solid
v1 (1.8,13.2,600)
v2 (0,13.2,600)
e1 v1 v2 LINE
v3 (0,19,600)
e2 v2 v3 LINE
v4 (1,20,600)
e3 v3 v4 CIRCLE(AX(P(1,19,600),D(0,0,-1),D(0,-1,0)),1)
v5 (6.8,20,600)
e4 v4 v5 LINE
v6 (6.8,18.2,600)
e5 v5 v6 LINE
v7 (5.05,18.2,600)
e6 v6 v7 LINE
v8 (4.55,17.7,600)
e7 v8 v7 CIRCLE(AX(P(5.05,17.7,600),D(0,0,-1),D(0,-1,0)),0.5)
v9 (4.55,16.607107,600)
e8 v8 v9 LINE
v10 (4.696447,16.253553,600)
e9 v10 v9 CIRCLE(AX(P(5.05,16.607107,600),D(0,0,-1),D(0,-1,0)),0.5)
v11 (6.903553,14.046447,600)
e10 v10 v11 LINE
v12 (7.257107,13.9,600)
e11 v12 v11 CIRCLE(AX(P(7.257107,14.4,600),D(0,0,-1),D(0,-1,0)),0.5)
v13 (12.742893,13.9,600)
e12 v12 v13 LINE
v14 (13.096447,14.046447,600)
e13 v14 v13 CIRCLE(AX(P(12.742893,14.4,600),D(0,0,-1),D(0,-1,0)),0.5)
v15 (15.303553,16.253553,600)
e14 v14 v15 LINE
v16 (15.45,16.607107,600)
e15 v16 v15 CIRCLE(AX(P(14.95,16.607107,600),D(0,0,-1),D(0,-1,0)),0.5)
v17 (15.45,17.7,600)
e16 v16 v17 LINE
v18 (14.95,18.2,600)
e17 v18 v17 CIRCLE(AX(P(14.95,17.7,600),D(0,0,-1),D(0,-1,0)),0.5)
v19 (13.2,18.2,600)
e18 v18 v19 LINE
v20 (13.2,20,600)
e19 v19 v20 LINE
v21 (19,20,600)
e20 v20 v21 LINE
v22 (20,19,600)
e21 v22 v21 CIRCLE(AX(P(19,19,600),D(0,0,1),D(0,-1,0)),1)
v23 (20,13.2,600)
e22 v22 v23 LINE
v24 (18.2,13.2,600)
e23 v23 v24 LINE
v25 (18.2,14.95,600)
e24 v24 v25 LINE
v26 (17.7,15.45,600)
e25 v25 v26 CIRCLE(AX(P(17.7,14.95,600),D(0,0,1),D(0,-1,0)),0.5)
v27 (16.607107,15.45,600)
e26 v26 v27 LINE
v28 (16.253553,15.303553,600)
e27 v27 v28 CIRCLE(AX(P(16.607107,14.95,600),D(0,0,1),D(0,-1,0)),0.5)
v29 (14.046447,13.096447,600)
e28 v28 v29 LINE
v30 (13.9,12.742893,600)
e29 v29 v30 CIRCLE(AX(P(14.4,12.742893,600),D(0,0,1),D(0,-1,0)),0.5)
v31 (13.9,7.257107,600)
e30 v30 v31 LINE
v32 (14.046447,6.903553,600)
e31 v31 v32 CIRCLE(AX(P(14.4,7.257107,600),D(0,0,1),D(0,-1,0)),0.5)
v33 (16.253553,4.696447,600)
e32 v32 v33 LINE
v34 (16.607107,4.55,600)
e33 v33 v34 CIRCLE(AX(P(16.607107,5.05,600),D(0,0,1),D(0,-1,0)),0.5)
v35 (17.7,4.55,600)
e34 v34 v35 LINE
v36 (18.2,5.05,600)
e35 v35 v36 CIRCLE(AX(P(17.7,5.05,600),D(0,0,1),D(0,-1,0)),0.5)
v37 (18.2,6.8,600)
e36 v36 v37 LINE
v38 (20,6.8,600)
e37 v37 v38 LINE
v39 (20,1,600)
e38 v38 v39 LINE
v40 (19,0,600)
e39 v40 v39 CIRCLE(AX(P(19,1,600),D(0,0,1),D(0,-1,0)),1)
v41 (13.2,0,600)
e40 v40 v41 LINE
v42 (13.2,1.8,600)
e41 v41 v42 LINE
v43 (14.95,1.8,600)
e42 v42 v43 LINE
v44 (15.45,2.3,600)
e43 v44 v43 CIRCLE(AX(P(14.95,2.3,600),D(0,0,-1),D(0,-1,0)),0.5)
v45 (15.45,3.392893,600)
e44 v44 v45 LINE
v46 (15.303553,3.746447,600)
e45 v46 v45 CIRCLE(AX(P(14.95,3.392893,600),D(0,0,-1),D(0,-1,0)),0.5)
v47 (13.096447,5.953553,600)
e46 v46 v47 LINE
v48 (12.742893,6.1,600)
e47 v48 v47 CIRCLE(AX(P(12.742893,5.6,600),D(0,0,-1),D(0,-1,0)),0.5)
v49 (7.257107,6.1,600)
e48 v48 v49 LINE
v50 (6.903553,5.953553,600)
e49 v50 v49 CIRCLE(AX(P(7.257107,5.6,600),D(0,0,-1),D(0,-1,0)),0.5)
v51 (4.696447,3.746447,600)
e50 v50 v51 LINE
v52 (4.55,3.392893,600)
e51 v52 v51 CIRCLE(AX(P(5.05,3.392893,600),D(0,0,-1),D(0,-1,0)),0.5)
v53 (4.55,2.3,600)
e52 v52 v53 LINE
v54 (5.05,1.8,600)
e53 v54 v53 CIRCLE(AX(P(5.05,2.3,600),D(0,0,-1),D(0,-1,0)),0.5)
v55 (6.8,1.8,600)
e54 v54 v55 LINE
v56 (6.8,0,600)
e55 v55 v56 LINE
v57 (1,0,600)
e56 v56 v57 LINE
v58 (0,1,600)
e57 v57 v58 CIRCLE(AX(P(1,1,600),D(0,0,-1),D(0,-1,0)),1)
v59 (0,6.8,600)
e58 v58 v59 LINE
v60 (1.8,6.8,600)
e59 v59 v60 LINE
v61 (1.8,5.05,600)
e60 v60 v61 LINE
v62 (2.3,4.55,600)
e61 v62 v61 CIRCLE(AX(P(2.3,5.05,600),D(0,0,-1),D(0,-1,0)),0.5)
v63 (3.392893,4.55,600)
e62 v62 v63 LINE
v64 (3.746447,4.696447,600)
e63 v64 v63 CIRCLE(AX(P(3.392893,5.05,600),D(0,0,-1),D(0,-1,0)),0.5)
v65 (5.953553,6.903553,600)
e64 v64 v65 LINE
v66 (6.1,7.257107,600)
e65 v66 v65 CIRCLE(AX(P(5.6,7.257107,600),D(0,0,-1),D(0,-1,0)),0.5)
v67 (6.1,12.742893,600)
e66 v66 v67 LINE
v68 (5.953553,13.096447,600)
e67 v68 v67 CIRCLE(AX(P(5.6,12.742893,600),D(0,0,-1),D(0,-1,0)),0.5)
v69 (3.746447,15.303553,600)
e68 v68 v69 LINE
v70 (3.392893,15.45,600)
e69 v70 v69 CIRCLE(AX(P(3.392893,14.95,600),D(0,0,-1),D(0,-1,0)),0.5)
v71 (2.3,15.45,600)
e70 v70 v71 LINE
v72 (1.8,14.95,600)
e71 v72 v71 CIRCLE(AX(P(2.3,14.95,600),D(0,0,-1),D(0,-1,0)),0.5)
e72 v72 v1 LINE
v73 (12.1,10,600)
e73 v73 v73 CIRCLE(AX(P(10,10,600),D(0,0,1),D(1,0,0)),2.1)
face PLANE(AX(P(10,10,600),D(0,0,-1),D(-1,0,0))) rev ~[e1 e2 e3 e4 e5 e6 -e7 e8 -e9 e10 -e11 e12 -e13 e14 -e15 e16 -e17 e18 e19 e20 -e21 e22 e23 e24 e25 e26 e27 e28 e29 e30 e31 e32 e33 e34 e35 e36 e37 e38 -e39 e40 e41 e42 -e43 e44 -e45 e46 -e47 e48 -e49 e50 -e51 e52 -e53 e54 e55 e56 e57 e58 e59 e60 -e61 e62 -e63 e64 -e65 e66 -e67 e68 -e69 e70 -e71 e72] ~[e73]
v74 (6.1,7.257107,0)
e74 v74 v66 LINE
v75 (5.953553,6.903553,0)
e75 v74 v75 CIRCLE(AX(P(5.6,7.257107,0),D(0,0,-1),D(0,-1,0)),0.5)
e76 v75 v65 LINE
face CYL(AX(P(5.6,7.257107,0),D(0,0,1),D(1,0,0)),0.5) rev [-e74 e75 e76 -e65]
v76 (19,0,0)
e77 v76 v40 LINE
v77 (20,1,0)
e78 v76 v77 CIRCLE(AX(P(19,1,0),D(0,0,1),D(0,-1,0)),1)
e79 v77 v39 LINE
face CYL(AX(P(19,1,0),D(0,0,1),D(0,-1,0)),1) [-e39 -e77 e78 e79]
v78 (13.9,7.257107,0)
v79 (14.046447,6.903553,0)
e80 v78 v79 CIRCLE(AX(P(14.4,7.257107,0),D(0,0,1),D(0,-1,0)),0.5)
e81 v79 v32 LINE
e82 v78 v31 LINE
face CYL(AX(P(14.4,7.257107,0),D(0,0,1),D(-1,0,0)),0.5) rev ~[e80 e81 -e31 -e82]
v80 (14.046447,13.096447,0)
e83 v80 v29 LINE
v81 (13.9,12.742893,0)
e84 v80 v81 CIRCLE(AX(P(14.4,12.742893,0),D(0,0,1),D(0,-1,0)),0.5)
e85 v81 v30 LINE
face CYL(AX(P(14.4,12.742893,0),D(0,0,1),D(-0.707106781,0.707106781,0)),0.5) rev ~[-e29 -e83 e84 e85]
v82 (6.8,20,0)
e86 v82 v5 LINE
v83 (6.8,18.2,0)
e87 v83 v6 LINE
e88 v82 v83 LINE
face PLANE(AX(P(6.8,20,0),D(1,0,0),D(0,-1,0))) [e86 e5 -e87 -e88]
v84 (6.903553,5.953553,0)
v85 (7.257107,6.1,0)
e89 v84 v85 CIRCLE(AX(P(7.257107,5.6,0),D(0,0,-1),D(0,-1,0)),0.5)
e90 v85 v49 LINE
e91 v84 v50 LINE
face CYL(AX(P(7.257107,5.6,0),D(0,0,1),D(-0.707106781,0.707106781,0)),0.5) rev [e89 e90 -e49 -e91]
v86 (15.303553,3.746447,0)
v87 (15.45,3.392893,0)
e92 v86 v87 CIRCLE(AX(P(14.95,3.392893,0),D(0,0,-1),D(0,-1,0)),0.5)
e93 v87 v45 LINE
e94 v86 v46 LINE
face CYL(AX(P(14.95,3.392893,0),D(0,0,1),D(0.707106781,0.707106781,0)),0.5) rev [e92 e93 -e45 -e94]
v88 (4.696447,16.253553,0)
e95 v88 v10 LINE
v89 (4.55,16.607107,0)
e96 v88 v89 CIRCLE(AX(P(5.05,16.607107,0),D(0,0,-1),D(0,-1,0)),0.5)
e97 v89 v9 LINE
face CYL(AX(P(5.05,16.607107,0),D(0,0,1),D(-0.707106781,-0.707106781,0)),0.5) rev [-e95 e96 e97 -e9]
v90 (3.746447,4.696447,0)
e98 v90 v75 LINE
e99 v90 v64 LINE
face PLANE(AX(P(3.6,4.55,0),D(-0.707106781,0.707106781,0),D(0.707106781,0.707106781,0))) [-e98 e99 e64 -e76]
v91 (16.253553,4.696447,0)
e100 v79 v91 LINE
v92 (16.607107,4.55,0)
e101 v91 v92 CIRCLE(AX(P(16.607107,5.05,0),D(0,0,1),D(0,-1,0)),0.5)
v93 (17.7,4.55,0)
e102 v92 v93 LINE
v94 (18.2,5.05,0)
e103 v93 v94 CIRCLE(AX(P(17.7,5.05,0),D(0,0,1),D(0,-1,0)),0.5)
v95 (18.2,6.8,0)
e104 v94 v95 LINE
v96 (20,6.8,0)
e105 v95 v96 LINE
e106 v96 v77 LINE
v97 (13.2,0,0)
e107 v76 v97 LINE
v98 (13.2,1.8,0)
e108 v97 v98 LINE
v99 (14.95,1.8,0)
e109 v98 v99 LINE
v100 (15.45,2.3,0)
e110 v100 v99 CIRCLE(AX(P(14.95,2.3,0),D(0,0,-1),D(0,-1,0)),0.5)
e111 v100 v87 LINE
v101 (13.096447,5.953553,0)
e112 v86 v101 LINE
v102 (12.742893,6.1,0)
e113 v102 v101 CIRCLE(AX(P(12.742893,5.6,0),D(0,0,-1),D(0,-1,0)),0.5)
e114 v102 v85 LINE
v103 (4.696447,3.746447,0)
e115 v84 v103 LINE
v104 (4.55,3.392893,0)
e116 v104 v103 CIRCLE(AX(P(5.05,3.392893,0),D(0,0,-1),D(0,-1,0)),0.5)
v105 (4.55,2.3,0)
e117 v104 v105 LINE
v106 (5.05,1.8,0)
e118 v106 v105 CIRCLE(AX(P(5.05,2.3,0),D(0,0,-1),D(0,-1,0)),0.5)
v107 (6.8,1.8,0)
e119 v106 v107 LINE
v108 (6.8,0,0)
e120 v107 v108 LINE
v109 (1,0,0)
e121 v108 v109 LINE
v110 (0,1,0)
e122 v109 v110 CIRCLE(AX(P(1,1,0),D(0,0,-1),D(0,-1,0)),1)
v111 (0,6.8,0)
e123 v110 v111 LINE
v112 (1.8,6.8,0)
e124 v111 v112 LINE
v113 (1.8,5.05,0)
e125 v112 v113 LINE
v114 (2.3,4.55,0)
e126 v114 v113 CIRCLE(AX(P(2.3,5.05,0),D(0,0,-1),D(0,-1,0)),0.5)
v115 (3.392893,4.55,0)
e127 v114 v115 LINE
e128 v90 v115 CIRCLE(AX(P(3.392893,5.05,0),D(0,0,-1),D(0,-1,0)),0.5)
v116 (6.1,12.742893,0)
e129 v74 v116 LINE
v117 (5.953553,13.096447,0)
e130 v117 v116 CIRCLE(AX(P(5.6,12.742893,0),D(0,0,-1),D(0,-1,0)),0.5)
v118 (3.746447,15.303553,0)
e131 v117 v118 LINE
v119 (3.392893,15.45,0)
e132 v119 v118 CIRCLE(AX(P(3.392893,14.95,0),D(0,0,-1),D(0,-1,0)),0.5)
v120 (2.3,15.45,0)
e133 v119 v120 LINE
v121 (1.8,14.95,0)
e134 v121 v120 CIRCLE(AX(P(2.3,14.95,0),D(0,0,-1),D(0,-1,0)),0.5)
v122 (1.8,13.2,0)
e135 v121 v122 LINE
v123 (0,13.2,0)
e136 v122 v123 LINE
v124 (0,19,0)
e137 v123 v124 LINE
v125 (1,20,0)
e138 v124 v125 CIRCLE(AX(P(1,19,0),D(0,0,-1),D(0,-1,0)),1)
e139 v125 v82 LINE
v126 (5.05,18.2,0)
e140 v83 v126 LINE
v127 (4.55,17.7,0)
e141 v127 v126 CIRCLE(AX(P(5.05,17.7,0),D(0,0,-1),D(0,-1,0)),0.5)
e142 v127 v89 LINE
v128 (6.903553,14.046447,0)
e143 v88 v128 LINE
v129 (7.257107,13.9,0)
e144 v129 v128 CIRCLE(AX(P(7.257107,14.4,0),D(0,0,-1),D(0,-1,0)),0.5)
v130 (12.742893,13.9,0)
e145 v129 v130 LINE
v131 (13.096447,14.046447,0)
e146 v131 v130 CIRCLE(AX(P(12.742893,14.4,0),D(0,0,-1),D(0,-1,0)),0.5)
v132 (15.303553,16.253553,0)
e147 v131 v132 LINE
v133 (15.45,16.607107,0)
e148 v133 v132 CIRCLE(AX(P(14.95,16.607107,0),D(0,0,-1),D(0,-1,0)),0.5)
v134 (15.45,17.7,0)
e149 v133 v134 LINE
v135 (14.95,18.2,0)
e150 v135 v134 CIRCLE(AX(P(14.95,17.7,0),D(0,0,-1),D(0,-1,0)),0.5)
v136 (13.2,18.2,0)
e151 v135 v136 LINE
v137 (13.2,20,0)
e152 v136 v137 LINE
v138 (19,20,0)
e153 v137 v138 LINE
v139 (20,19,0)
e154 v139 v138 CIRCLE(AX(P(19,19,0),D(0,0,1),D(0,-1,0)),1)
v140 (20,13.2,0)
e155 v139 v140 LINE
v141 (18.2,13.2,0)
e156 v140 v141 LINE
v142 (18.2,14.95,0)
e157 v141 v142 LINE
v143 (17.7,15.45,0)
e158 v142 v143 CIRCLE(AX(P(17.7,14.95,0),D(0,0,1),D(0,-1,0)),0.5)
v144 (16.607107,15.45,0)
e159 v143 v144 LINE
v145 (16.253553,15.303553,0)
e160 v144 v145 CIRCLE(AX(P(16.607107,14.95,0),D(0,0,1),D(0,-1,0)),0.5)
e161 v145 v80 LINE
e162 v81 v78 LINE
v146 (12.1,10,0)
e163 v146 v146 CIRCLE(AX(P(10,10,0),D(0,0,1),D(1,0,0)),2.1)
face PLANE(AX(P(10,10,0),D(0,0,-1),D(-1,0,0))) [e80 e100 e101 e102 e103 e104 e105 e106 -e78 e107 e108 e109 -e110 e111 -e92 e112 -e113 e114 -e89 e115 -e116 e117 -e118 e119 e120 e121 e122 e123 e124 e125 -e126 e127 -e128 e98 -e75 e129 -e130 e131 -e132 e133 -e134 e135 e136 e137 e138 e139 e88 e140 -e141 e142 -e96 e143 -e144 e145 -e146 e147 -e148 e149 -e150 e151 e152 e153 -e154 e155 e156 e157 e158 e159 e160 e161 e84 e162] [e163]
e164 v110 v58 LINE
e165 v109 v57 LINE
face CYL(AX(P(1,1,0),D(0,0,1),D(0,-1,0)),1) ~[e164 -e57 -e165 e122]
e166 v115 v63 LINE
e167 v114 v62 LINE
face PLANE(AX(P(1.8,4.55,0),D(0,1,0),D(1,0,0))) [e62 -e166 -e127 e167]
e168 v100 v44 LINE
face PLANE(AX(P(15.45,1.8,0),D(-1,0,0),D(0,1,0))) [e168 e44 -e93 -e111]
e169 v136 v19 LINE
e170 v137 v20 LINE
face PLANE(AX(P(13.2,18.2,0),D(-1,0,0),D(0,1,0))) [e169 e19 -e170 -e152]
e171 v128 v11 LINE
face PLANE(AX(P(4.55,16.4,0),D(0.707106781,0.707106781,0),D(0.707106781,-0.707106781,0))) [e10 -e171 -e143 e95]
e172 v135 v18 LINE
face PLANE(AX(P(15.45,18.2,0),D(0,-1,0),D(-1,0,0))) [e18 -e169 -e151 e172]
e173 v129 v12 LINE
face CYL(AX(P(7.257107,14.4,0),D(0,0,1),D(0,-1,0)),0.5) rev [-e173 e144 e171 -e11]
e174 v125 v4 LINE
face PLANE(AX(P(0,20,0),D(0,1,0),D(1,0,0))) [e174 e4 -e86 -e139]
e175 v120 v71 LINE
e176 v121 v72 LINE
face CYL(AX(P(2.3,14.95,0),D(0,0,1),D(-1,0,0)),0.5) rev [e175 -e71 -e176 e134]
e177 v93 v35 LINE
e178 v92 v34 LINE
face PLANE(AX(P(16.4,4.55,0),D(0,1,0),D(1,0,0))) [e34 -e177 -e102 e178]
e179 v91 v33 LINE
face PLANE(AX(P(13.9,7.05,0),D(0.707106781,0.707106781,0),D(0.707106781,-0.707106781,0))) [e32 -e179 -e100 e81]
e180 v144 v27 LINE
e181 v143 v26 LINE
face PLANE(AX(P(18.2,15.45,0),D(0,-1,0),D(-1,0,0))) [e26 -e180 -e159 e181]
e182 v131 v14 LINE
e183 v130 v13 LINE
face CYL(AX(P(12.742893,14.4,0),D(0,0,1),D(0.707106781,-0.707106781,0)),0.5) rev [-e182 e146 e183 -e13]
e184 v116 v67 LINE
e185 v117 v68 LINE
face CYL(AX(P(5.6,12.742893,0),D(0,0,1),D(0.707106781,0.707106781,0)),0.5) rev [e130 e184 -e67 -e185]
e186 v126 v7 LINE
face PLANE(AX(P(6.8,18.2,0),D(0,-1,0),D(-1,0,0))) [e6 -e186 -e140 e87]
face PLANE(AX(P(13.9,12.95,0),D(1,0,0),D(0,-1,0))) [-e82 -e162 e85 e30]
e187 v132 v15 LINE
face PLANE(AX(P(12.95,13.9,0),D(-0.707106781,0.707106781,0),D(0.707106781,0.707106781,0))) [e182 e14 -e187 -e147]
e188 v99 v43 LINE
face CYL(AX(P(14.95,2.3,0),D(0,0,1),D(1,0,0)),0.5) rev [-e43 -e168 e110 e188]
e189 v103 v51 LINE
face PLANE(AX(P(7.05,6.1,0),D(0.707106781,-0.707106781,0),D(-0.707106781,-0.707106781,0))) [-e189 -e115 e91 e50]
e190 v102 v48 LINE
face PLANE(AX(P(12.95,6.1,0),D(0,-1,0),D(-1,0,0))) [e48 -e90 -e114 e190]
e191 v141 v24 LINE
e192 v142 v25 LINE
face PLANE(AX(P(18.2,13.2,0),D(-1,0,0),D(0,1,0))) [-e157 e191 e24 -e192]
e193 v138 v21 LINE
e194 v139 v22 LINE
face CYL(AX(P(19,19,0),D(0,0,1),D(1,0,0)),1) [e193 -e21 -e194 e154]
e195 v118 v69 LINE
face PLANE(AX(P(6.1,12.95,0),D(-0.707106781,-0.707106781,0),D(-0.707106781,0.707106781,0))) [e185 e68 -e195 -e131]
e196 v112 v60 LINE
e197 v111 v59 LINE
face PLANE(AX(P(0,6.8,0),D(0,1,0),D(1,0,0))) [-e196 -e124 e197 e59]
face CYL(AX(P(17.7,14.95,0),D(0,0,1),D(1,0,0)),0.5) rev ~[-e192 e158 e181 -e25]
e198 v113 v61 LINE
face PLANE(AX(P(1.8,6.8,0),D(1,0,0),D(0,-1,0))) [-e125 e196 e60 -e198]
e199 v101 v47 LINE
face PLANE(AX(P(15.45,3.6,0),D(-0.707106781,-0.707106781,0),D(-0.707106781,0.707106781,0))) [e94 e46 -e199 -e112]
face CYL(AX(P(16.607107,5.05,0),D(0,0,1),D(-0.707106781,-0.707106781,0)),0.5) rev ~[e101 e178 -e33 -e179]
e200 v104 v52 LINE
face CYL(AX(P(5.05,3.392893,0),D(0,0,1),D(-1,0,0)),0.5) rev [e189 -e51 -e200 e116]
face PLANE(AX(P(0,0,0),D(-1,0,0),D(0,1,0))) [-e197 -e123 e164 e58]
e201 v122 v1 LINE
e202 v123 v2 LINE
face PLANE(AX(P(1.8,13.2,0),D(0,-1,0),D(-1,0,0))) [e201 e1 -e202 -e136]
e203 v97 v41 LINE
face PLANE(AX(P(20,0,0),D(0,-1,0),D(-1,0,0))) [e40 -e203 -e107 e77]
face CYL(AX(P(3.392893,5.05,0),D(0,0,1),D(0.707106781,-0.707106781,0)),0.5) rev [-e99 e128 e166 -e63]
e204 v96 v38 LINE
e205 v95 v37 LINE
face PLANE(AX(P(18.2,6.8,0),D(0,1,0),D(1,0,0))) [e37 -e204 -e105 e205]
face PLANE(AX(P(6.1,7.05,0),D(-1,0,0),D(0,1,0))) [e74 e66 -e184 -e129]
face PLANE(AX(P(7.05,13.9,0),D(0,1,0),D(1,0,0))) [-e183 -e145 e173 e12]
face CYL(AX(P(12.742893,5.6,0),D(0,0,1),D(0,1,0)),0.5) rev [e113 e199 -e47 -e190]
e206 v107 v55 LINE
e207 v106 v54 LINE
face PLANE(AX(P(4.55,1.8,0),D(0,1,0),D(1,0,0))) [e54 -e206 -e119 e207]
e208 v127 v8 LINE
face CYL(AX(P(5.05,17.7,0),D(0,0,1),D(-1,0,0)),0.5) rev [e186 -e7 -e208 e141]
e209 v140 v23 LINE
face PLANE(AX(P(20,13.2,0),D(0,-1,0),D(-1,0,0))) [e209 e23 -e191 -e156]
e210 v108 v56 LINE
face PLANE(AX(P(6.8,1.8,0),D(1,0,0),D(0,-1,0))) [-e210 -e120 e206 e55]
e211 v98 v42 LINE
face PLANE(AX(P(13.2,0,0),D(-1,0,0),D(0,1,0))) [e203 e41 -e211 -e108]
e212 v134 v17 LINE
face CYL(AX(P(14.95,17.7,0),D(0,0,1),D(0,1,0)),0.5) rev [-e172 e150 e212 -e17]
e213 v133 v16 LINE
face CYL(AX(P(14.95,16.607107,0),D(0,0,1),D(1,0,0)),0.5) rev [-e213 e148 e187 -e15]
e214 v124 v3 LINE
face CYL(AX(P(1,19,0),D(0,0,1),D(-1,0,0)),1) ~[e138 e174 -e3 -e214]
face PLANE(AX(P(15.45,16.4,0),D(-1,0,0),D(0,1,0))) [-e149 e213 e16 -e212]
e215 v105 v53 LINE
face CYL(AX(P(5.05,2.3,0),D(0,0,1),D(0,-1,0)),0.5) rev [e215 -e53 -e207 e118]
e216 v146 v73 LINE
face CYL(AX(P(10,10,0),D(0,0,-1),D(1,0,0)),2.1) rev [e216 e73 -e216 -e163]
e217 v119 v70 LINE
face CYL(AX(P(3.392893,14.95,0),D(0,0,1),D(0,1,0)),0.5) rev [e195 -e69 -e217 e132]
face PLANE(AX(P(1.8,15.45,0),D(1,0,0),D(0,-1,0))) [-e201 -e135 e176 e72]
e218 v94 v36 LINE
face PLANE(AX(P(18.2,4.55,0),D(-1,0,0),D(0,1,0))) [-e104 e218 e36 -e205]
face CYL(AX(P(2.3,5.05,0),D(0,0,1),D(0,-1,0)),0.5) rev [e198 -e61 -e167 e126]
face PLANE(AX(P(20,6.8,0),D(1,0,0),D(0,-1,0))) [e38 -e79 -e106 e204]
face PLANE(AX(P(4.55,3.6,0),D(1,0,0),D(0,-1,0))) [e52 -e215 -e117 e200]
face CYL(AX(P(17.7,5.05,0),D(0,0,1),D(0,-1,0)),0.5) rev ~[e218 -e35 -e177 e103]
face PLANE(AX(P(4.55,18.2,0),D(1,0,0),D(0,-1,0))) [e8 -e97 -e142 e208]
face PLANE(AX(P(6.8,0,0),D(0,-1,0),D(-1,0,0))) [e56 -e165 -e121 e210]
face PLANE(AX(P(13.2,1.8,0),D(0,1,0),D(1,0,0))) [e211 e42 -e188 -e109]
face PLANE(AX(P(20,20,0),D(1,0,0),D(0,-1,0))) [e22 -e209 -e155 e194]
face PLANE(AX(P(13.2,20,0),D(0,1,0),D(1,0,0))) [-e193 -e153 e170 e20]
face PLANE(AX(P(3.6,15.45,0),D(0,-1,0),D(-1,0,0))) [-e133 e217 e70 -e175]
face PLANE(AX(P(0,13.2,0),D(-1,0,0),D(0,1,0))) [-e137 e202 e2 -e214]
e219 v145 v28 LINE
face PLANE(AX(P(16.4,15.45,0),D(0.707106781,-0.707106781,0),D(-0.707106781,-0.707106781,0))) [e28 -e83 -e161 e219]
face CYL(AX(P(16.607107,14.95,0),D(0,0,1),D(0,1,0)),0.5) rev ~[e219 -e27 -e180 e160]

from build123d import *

# Parameters (mm, degrees)
SKETCH1_R           = 2.1
BOSS_EXTRUDE1_DEPTH = 600
FILLET1_R           = 1
FILLET2_R           = 0.5
FILLET3_R           = 0.5
FILLET4_R           = 0.5
FILLET5_R           = 0.5


with BuildPart() as part:
    # Sketch1 → Boss-Extrude1 (new body)
    with BuildSketch(Plane.XY):
        Polygon((13.2, 0), (13.2, 1.8), (15.45, 1.8), (15.45, 3.6), (12.95, 6.1), (7.05, 6.1), (4.55, 3.6), (4.55, 1.8), (6.8, 1.8), (6.8, 0), (0, 0), (0, 6.8), (1.8, 6.8), (1.8, 4.55), (3.6, 4.55), (6.1, 7.05), (6.1, 12.95), (3.6, 15.45), (1.8, 15.45), (1.8, 13.2), (0, 13.2), (0, 20), (6.8, 20), (6.8, 18.2), (4.55, 18.2), (4.55, 16.4), (7.05, 13.9), (12.95, 13.9), (15.45, 16.4), (15.45, 18.2), (13.2, 18.2), (13.2, 20), (20, 20), (20, 13.2), (18.2, 13.2), (18.2, 15.45), (16.4, 15.45), (13.9, 12.95), (13.9, 7.05), (16.4, 4.55), (18.2, 4.55), (18.2, 6.8), (20, 6.8), (20, 0), align=None)
        with Locations((10, 10)):
            Circle(SKETCH1_R, mode=Mode.SUBTRACT)
    extrude(amount=BOSS_EXTRUDE1_DEPTH)

    # Fillet1
    fillet1_edges = [part.edges().sort_by_distance(p)[0] for p in [
        (0, 0, 300),
        (0, 20, 300),
        (20, 20, 300),
        (20, 0, 300),
    ]]
    fillet(fillet1_edges, radius=FILLET1_R)

    # Fillet2
    fillet2_edges = [part.edges().sort_by_distance(p)[0] for p in [
        (4.55, 18.2, 300),
        (4.55, 16.4, 300),
        (7.05, 13.9, 300),
        (12.95, 13.9, 300),
        (15.45, 16.4, 300),
        (15.45, 18.2, 300),
    ]]
    fillet(fillet2_edges, radius=FILLET2_R)

    # Fillet3
    fillet3_edges = [part.edges().sort_by_distance(p)[0] for p in [
        (18.2, 15.45, 300),
        (16.4, 15.45, 300),
        (13.9, 12.95, 300),
        (13.9, 7.05, 300),
        (16.4, 4.55, 300),
        (18.2, 4.55, 300),
    ]]
    fillet(fillet3_edges, radius=FILLET3_R)

    # Fillet4
    fillet4_edges = [part.edges().sort_by_distance(p)[0] for p in [
        (1.8, 4.55, 300),
        (3.6, 4.55, 300),
        (6.1, 7.05, 300),
        (6.1, 12.95, 300),
        (3.6, 15.45, 300),
        (1.8, 15.45, 300),
    ]]
    fillet(fillet4_edges, radius=FILLET4_R)

    # Fillet5
    fillet5_edges = [part.edges().sort_by_distance(p)[0] for p in [
        (15.45, 1.8, 300),
        (15.45, 3.6, 300),
        (12.95, 6.1, 300),
        (7.05, 6.1, 300),
        (4.55, 3.6, 300),
        (4.55, 1.8, 300),
    ]]
    fillet(fillet5_edges, radius=FILLET5_R)


solid = part.part
